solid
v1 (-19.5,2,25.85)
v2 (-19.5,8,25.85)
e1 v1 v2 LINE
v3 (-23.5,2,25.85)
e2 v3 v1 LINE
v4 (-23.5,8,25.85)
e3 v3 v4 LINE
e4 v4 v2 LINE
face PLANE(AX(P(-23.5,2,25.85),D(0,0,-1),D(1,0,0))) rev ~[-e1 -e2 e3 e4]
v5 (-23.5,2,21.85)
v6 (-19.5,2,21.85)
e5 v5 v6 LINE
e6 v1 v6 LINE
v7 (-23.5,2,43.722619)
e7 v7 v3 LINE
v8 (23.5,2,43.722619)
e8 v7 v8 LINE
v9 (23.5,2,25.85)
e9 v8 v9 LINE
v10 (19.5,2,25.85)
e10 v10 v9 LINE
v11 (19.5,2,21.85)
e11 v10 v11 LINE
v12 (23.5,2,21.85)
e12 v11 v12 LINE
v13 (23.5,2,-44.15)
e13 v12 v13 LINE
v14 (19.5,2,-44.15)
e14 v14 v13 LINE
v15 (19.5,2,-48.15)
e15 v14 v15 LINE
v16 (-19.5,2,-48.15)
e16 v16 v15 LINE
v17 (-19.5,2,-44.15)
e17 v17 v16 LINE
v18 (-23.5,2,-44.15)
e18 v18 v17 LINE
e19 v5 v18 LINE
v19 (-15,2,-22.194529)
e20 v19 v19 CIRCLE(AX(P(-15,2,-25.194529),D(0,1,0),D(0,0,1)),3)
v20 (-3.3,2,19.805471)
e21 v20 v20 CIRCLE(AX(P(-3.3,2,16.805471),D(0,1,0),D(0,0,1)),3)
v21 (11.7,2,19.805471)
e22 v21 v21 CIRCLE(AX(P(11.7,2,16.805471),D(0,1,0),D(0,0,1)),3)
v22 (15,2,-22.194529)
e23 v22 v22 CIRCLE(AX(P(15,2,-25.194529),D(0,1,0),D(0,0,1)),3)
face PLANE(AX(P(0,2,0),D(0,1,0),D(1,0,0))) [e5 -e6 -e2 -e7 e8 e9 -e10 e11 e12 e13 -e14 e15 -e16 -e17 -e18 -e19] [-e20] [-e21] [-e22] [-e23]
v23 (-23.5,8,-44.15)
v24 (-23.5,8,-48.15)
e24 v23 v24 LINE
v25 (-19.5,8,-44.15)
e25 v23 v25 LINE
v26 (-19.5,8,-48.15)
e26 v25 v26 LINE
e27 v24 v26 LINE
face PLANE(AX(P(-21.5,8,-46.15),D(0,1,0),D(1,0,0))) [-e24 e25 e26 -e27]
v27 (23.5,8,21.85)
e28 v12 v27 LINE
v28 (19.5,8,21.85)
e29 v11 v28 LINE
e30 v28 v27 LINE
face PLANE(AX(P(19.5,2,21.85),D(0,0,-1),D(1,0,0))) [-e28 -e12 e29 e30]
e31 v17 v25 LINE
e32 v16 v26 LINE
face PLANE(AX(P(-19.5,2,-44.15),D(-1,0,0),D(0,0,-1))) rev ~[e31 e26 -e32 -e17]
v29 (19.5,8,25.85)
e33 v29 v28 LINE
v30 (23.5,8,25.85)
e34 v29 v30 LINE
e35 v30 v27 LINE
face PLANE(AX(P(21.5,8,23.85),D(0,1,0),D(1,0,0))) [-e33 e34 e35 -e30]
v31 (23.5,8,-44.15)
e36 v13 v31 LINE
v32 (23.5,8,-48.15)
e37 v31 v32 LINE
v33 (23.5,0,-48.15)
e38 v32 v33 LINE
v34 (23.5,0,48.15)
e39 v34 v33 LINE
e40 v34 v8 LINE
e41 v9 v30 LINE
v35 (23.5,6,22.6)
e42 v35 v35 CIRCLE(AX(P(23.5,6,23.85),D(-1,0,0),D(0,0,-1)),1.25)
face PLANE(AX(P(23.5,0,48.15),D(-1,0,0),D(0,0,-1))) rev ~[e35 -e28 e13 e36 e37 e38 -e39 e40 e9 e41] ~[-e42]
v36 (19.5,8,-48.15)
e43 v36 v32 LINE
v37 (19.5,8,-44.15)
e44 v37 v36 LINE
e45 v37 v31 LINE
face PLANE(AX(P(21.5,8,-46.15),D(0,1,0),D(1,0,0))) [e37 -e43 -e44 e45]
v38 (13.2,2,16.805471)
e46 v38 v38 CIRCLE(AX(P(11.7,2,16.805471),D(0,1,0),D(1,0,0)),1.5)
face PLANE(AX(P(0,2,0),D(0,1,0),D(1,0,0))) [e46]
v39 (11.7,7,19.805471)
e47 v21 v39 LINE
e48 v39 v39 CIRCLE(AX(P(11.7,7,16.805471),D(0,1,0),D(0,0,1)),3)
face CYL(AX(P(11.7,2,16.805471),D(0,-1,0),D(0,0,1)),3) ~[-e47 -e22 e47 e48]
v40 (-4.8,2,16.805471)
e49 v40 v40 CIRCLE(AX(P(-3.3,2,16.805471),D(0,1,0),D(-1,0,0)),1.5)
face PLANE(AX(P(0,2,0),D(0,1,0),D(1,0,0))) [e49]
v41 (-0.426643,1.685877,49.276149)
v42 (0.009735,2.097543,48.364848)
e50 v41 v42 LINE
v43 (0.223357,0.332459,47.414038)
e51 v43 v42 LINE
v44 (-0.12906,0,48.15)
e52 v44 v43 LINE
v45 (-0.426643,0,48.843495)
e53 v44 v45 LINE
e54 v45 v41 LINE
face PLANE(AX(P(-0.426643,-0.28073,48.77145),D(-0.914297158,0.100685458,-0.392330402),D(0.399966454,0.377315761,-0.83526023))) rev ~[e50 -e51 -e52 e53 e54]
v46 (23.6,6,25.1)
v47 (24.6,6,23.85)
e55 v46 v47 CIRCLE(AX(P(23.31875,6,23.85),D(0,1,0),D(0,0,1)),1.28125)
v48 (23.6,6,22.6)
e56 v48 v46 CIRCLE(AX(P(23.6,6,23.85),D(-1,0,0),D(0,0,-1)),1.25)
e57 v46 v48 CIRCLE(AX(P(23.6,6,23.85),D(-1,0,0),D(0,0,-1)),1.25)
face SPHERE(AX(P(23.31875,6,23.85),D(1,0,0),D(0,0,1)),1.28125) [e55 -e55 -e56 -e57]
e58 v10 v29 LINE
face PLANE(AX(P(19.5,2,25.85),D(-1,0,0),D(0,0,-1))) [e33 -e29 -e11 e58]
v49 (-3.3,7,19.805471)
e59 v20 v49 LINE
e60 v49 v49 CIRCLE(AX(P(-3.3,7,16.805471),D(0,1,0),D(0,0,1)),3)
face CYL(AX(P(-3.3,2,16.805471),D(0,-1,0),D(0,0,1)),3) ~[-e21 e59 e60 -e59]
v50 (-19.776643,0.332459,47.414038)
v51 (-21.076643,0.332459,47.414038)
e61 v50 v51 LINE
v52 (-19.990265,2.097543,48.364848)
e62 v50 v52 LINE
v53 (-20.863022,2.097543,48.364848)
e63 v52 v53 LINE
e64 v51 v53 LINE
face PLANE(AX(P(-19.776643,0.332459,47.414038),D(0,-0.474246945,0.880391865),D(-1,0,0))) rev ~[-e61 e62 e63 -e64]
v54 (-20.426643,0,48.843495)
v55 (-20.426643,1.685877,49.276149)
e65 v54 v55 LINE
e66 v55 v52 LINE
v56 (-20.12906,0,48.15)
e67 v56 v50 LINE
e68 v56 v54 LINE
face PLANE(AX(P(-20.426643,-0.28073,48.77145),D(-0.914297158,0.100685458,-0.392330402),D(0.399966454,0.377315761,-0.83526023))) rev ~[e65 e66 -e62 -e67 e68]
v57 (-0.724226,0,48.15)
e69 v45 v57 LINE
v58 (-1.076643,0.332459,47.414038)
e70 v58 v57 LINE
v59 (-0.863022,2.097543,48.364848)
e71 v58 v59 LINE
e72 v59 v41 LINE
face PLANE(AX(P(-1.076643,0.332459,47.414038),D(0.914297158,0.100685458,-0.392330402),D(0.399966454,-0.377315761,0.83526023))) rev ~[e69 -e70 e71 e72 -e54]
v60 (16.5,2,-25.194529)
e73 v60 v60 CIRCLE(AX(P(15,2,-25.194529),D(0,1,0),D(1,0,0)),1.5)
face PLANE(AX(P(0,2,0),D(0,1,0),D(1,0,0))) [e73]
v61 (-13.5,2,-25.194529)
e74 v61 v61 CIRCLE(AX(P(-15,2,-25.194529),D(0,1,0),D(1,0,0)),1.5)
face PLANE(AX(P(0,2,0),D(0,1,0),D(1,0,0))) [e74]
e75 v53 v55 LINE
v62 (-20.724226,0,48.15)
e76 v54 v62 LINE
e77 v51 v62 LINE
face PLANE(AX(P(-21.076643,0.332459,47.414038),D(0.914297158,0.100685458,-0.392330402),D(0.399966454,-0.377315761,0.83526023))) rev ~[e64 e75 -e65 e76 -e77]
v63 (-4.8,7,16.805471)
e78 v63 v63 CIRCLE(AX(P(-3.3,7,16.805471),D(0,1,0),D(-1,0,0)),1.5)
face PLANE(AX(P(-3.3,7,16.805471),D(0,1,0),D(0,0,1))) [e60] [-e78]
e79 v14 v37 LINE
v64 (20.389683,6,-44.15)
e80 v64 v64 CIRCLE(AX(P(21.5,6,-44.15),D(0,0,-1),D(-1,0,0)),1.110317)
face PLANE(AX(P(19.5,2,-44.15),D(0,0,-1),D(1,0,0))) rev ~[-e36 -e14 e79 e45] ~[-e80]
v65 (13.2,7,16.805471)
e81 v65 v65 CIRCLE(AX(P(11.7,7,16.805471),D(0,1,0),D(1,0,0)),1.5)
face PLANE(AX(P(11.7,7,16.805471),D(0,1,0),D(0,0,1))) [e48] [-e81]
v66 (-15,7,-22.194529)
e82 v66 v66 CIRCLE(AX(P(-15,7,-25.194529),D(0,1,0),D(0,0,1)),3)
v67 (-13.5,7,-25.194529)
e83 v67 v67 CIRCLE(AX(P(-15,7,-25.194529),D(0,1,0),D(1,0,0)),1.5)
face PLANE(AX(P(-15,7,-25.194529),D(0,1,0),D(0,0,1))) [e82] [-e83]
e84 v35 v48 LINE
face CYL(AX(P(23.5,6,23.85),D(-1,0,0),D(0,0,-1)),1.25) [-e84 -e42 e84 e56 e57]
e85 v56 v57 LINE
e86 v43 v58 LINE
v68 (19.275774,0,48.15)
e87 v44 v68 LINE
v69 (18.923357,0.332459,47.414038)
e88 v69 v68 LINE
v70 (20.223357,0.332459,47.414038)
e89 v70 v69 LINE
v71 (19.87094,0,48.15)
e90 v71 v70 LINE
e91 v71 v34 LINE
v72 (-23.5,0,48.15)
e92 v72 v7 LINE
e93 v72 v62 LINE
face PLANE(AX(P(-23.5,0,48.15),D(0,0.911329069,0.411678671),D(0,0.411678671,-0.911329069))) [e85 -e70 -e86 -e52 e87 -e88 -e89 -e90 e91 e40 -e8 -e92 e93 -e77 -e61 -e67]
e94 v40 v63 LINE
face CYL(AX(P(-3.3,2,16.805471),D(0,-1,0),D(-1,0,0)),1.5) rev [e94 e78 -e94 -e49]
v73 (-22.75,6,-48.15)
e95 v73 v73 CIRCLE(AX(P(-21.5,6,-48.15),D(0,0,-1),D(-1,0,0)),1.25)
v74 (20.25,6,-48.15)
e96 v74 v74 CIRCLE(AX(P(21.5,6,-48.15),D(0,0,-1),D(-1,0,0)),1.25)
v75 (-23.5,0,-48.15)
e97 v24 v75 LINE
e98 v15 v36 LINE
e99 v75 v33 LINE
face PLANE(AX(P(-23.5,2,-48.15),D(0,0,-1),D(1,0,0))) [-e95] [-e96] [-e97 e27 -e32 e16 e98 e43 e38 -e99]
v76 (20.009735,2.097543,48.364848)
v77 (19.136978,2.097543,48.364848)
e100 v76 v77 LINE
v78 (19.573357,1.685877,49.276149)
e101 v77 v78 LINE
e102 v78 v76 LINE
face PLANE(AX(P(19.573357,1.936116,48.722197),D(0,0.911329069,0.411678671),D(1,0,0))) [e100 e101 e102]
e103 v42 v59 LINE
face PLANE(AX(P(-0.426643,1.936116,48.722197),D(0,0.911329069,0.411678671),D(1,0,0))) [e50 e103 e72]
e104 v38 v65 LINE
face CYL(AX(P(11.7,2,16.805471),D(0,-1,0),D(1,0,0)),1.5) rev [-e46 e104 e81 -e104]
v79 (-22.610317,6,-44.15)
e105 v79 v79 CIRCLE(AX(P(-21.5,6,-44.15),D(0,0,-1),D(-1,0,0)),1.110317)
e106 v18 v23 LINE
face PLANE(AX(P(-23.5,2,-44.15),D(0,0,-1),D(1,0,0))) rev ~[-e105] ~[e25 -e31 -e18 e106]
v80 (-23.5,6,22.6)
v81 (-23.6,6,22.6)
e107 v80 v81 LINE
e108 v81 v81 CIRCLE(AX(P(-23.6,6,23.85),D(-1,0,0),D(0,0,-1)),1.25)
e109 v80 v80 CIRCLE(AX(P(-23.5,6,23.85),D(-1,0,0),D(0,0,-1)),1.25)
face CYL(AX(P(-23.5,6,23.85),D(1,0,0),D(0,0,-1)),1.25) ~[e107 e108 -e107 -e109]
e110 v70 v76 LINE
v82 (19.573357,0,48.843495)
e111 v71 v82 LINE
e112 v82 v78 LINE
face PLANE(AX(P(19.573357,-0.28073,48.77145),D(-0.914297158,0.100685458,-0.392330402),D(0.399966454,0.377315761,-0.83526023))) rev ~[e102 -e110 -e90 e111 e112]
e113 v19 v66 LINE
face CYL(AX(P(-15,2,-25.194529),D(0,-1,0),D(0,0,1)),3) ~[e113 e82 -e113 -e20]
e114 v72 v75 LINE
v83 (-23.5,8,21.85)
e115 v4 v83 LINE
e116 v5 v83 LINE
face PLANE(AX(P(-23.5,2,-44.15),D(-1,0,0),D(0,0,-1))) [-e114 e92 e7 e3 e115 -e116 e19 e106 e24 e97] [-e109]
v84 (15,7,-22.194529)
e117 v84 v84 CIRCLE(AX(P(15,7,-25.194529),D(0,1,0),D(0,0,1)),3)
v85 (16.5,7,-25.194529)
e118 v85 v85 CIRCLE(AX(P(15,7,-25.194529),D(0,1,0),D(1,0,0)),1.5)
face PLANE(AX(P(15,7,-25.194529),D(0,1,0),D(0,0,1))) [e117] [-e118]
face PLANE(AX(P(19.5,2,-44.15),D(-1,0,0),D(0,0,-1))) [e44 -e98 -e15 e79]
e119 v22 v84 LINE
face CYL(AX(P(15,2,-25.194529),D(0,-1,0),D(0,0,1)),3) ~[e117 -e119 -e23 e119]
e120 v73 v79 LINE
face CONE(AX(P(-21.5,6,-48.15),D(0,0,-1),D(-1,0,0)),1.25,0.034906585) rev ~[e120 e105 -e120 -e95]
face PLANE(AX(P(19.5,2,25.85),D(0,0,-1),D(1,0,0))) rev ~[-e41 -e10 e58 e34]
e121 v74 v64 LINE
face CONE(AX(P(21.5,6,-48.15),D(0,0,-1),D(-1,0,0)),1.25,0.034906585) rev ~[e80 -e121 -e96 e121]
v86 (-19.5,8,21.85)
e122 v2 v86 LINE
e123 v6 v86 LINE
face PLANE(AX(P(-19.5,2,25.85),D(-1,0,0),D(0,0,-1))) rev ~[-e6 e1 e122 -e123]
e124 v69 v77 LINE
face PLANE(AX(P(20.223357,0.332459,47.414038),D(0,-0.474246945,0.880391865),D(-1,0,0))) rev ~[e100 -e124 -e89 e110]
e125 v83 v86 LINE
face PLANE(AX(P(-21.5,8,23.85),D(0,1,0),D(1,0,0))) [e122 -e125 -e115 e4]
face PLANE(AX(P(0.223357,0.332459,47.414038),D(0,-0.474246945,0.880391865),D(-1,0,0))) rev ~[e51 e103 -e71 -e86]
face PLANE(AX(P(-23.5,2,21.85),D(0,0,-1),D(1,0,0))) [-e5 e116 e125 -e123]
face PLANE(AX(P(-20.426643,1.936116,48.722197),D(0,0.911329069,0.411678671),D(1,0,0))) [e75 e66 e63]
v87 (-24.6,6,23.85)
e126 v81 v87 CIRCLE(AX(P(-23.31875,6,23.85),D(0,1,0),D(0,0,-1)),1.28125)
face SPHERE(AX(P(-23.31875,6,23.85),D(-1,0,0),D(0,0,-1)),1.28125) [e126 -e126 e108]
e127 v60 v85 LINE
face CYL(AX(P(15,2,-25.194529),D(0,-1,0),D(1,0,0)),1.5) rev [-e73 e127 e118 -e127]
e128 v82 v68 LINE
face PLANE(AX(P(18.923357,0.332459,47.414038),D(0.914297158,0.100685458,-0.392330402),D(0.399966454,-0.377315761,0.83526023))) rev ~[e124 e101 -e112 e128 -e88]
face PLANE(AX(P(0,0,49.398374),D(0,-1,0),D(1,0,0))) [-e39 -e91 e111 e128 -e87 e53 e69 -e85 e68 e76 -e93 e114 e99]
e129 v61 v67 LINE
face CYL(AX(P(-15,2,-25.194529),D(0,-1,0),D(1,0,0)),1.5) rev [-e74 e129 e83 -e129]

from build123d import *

# Parameters (mm, degrees)
IZIM1_W                               = 47
IZIM1_H                               = 96.3
Y_KSEKLIK_EKSTR_ZYON1_DEPTH           = 2
KES_EKSTR_ZYON1_DEPTH                 = 68.315841375
IZIM3_R                               = 3
Y_KSEKLIK_EKSTR_ZYON2_DEPTH           = 5
Y_KSEKLIK_EKSTR_ZYON3_DEPTH           = 2
Y_KSEKLIK_EKSTR_ZYON3_DRAFT           = 4
Y_KSEKLIK_EKSTR_ZYON3_PROFILE_2_DEPTH = 2
Y_KSEKLIK_EKSTR_ZYON3_PROFILE_2_DRAFT = 4
Y_KSEKLIK_EKSTR_ZYON3_PROFILE_3_DEPTH = 2
Y_KSEKLIK_EKSTR_ZYON3_PROFILE_3_DRAFT = 4
IZIM5_W                               = 47
IZIM5_H                               = 2.496748802
KES_EKSTR_ZYON3_DEPTH                 = 4
IZIM6_W                               = 4
IZIM6_H                               = 4
Y_KSEKLIK_EKSTR_ZYON4_DEPTH           = 6
IZIM7_R                               = 1.25
KES_EKSTR_ZYON4_DEPTH                 = 4
KES_EKSTR_ZYON4_DRAFT                 = -2
KES_EKSTR_ZYON4_PROFILE_2_DEPTH       = 4
KES_EKSTR_ZYON4_PROFILE_2_DRAFT       = -2
IZIM8_R                               = 1.25
Y_KSEKLIK_EKSTR_ZYON5_DEPTH           = 0.1
KUBBE5_FACE_RADIUS                    = 1.25
KUBBE5_HEIGHT                         = 1
AYNALAMA8_COPY_1_FACE_RADIUS          = 1.25
AYNALAMA8_COPY_1_HEIGHT               = 1


with BuildPart() as part:
    # Çizim1 → Yükseklik-Ekstrüzyon1 (new body)
    with BuildSketch(Plane(origin=(0, 0, 0), x_dir=(1, 0, 0), z_dir=(0, 1, 0))):
        Rectangle(IZIM1_W, IZIM1_H)
    extrude(amount=Y_KSEKLIK_EKSTR_ZYON1_DEPTH)

    # Çizim2 → Kes-Ekstrüzyon1 (cut, through all)
    with BuildSketch(Plane.ZY.offset(23.5)):
        Polygon((48.15, 0), (43.722619458, 2), (48.15, 2), align=None)
    extrude(amount=-KES_EKSTR_ZYON1_DEPTH, mode=Mode.SUBTRACT)

    # Çizim3 → Yükseklik-Ekstrüzyon2 (add)
    # profile 1 of 4: a face of its own
    with BuildSketch(Plane(origin=(0, 2, 0), x_dir=(1, 0, 0), z_dir=(0, 1, 0))):
        with Locations(Location((-15, 25.194528994, 0), (0, 0, 270))):
            Circle(IZIM3_R)
        with BuildLine():
            ThreePointArc((-16.5, 25.194528994), (-15, 23.694528994), (-13.5, 25.194528994))
            ThreePointArc((-13.5, 25.194528994), (-15, 26.694528994), (-16.5, 25.194528994))
        make_face(mode=Mode.SUBTRACT)
    # profile 2 of 4: a face of its own
    with BuildSketch(Plane(origin=(0, 2, 0), x_dir=(1, 0, 0), z_dir=(0, 1, 0))):
        with Locations(Location((15, 25.194528994, 0), (0, 0, 270))):
            Circle(IZIM3_R)
        with BuildLine():
            ThreePointArc((13.5, 25.194528994), (15, 23.694528994), (16.5, 25.194528994))
            ThreePointArc((16.5, 25.194528994), (15, 26.694528994), (13.5, 25.194528994))
        make_face(mode=Mode.SUBTRACT)
    # profile 3 of 4: a face of its own
    with BuildSketch(Plane(origin=(0, 2, 0), x_dir=(1, 0, 0), z_dir=(0, 1, 0))):
        with Locations(Location((-3.3, -16.805471006, 0), (0, 0, 270))):
            Circle(IZIM3_R)
        with BuildLine():
            ThreePointArc((-1.8, -16.805471006), (-3.3, -15.305471006), (-4.8, -16.805471006))
            ThreePointArc((-4.8, -16.805471006), (-3.3, -18.305471006), (-1.8, -16.805471006))
        make_face(mode=Mode.SUBTRACT)
    # profile 4 of 4: a face of its own
    with BuildSketch(Plane(origin=(0, 2, 0), x_dir=(1, 0, 0), z_dir=(0, 1, 0))):
        with Locations(Location((11.7, -16.805471006, 0), (0, 0, 270))):
            Circle(IZIM3_R)
        with BuildLine():
            ThreePointArc((10.2, -16.805471006), (11.7, -18.305471006), (13.2, -16.805471006))
            ThreePointArc((13.2, -16.805471006), (11.7, -15.305471006), (10.2, -16.805471006))
        make_face(mode=Mode.SUBTRACT)
    extrude(amount=Y_KSEKLIK_EKSTR_ZYON2_DEPTH)


with BuildPart() as y_kseklik_ekstr_zyon3_tool:
    # Çizim4 → Yükseklik-Ekstrüzyon3 (with draft: the straight prism first)
    with BuildSketch(Plane(origin=(0, 18.064663731, 8.160429654), x_dir=(1, 0, 0), z_dir=(0, 0.9113290688724396, 0.4116786710871625))):
        Polygon((20.223356646, -43.072925072), (18.923356646, -43.072925072), (19.573356646, -44.562410878), align=None)
    extrude(amount=Y_KSEKLIK_EKSTR_ZYON3_DEPTH)
    # Yükseklik-Ekstrüzyon3: the draft: its side faces are tilted about the plane it starts from
    y_kseklik_ekstr_zyon3_sides = [y_kseklik_ekstr_zyon3_tool.faces().sort_by_distance(p)[0] for p in [
        (19.573356646, 1.243788246, 47.825717025),
        (19.248356646, 0.937193478, 48.504422881),
        (19.898356646, 0.937193478, 48.504422881),
    ]]
    draft(y_kseklik_ekstr_zyon3_sides, Plane(origin=(0, 18.064663731, 8.160429654), x_dir=(1, 0, 0), z_dir=(0, 0.9113290688724396, 0.4116786710871625)), Y_KSEKLIK_EKSTR_ZYON3_DRAFT)


with BuildPart() as part_1:
    add(part.part)

    # Yükseklik-Ekstrüzyon3: add y_kseklik_ekstr_zyon3_tool
    add(y_kseklik_ekstr_zyon3_tool.part)


with BuildPart() as y_kseklik_ekstr_zyon3_profile_2_tool:
    # Çizim4 → Yükseklik-Ekstrüzyon3 profile 2 (with draft: the straight prism first)
    with BuildSketch(Plane(origin=(0, 18.064663731, 8.160429654), x_dir=(1, 0, 0), z_dir=(0, 0.9113290688724396, 0.4116786710871625))):
        Polygon((0.223356646, -43.072925072), (-1.076643354, -43.072925072), (-0.426643354, -44.562410878), align=None)
    extrude(amount=Y_KSEKLIK_EKSTR_ZYON3_PROFILE_2_DEPTH)
    # Yükseklik-Ekstrüzyon3 profile 2: the draft: its side faces are tilted about the plane it starts from
    y_kseklik_ekstr_zyon3_profile_2_sides = [y_kseklik_ekstr_zyon3_profile_2_tool.faces().sort_by_distance(p)[0] for p in [
        (-0.426643354, 1.243788246, 47.825717025),
        (-0.751643354, 0.937193478, 48.504422881),
        (-0.101643354, 0.937193478, 48.504422881),
    ]]
    draft(y_kseklik_ekstr_zyon3_profile_2_sides, Plane(origin=(0, 18.064663731, 8.160429654), x_dir=(1, 0, 0), z_dir=(0, 0.9113290688724396, 0.4116786710871625)), Y_KSEKLIK_EKSTR_ZYON3_PROFILE_2_DRAFT)


with BuildPart() as part_2:
    add(part_1.part)

    # Yükseklik-Ekstrüzyon3 profile 2: add y_kseklik_ekstr_zyon3_profile_2_tool
    add(y_kseklik_ekstr_zyon3_profile_2_tool.part)


with BuildPart() as y_kseklik_ekstr_zyon3_profile_3_tool:
    # Çizim4 → Yükseklik-Ekstrüzyon3 profile 3 (with draft: the straight prism first)
    with BuildSketch(Plane(origin=(0, 18.064663731, 8.160429654), x_dir=(1, 0, 0), z_dir=(0, 0.9113290688724396, 0.4116786710871625))):
        Polygon((-21.076643354, -43.072925072), (-20.426643354, -44.562410878), (-19.776643354, -43.072925072), align=None)
    extrude(amount=Y_KSEKLIK_EKSTR_ZYON3_PROFILE_3_DEPTH)
    # Yükseklik-Ekstrüzyon3 profile 3: the draft: its side faces are tilted about the plane it starts from
    y_kseklik_ekstr_zyon3_profile_3_sides = [y_kseklik_ekstr_zyon3_profile_3_tool.faces().sort_by_distance(p)[0] for p in [
        (-20.751643354, 0.937193478, 48.504422881),
        (-20.101643354, 0.937193478, 48.504422881),
        (-20.426643354, 1.243788246, 47.825717025),
    ]]
    draft(y_kseklik_ekstr_zyon3_profile_3_sides, Plane(origin=(0, 18.064663731, 8.160429654), x_dir=(1, 0, 0), z_dir=(0, 0.9113290688724396, 0.4116786710871625)), Y_KSEKLIK_EKSTR_ZYON3_PROFILE_3_DRAFT)


with BuildPart() as part_3:
    add(part_2.part)

    # Yükseklik-Ekstrüzyon3 profile 3: add y_kseklik_ekstr_zyon3_profile_3_tool
    add(y_kseklik_ekstr_zyon3_profile_3_tool.part)

    # Çizim5 → Kes-Ekstrüzyon3 (cut)
    with BuildSketch(Plane.XZ):
        with Locations((0, 49.398374401)):
            Rectangle(IZIM5_W, IZIM5_H)
    extrude(amount=KES_EKSTR_ZYON3_DEPTH, mode=Mode.SUBTRACT)

    # Çizim6 → Yükseklik-Ekstrüzyon4 (add)
    with BuildSketch(Plane(origin=(0, 2, 0), x_dir=(1, 0, 0), z_dir=(0, 1, 0))):
        with Locations((-21.5, 46.15)):
            Rectangle(IZIM6_W, IZIM6_H)
        with Locations((21.5, 46.15)):
            Rectangle(IZIM6_W, IZIM6_H)
        with Locations((-21.5, -23.85)):
            Rectangle(IZIM6_W, IZIM6_H)
        with Locations((21.5, -23.85)):
            Rectangle(IZIM6_W, IZIM6_H)
    extrude(amount=Y_KSEKLIK_EKSTR_ZYON4_DEPTH)


with BuildPart() as kes_ekstr_zyon4_tool:
    # Çizim7 → Kes-Ekstrüzyon4 (with draft: the straight prism first)
    with BuildSketch(Plane(origin=(0, 0, -48.15), x_dir=(-1, 0, 0), z_dir=(0, 0, -1))):
        with Locations((-21.5, 6)):
            Circle(IZIM7_R)
    extrude(amount=-KES_EKSTR_ZYON4_DEPTH)
    # Kes-Ekstrüzyon4: the draft: its side faces are tilted about the plane it starts from
    kes_ekstr_zyon4_sides = [kes_ekstr_zyon4_tool.faces().sort_by_distance(p)[0] for p in [
        (22.75, 6, -46.15),
    ]]
    draft(kes_ekstr_zyon4_sides, Plane(origin=(0, 0, -48.15), x_dir=(-1, 0, 0), z_dir=(0, 0, -1)), KES_EKSTR_ZYON4_DRAFT)


with BuildPart() as part_4:
    add(part_3.part)

    # Kes-Ekstrüzyon4: cut by kes_ekstr_zyon4_tool
    add(kes_ekstr_zyon4_tool.part, mode=Mode.SUBTRACT)


with BuildPart() as kes_ekstr_zyon4_profile_2_tool:
    # Çizim7 → Kes-Ekstrüzyon4 profile 2 (with draft: the straight prism first)
    with BuildSketch(Plane(origin=(0, 0, -48.15), x_dir=(-1, 0, 0), z_dir=(0, 0, -1))):
        with Locations((21.5, 6)):
            Circle(IZIM7_R)
    extrude(amount=-KES_EKSTR_ZYON4_PROFILE_2_DEPTH)
    # Kes-Ekstrüzyon4 profile 2: the draft: its side faces are tilted about the plane it starts from
    kes_ekstr_zyon4_profile_2_sides = [kes_ekstr_zyon4_profile_2_tool.faces().sort_by_distance(p)[0] for p in [
        (-20.25, 6, -46.15),
    ]]
    draft(kes_ekstr_zyon4_profile_2_sides, Plane(origin=(0, 0, -48.15), x_dir=(-1, 0, 0), z_dir=(0, 0, -1)), KES_EKSTR_ZYON4_PROFILE_2_DRAFT)


with BuildPart() as part_5:
    add(part_4.part)

    # Kes-Ekstrüzyon4 profile 2: cut by kes_ekstr_zyon4_profile_2_tool
    add(kes_ekstr_zyon4_profile_2_tool.part, mode=Mode.SUBTRACT)

    # Çizim8 → Yükseklik-Ekstrüzyon5 (add)
    with BuildSketch(Plane.ZY.offset(23.5)):
        with Locations(Location((23.85, 6, 0), (0, 0, 180))):
            Circle(IZIM8_R)
    y_kseklik_ekstr_zyon5 = extrude(amount=Y_KSEKLIK_EKSTR_ZYON5_DEPTH)

    # Kubbe5: a dome of height H over a round flat face of radius A is a cap of a sphere of radius (A * A + H * H) / (2 * H)
    kubbe5_r = (KUBBE5_FACE_RADIUS * KUBBE5_FACE_RADIUS + KUBBE5_HEIGHT * KUBBE5_HEIGHT) / (2 * KUBBE5_HEIGHT)
    kubbe5_base = Plane((-23.6, 6, 23.85), z_dir=(-1, 0, 0))
    with Locations(kubbe5_base.offset(KUBBE5_HEIGHT - kubbe5_r)):
        kubbe5_ball = Sphere(kubbe5_r, mode=Mode.PRIVATE)
    add(split(kubbe5_ball, bisect_by=kubbe5_base, keep=Keep.TOP, mode=Mode.PRIVATE))

    # Aynalama8: Yükseklik-Ekstrüzyon5 across plane
    add(y_kseklik_ekstr_zyon5.mirror(Plane(origin=(0, 0, 0), x_dir=(0, 0, 1), z_dir=(1, 0, 0))))

    # Aynalama8 copy 1: a dome of height H over a round flat face of radius A is a cap of a sphere of radius (A * A + H * H) / (2 * H)
    aynalama8_copy_1_r = (AYNALAMA8_COPY_1_FACE_RADIUS * AYNALAMA8_COPY_1_FACE_RADIUS + AYNALAMA8_COPY_1_HEIGHT * AYNALAMA8_COPY_1_HEIGHT) / (2 * AYNALAMA8_COPY_1_HEIGHT)
    aynalama8_copy_1_base = Plane((23.6, 6, 23.85), z_dir=(1, 0, 0))
    with Locations(aynalama8_copy_1_base.offset(AYNALAMA8_COPY_1_HEIGHT - aynalama8_copy_1_r)):
        aynalama8_copy_1_ball = Sphere(aynalama8_copy_1_r, mode=Mode.PRIVATE)
    add(split(aynalama8_copy_1_ball, bisect_by=aynalama8_copy_1_base, keep=Keep.TOP, mode=Mode.PRIVATE))


solid = part_5.part
